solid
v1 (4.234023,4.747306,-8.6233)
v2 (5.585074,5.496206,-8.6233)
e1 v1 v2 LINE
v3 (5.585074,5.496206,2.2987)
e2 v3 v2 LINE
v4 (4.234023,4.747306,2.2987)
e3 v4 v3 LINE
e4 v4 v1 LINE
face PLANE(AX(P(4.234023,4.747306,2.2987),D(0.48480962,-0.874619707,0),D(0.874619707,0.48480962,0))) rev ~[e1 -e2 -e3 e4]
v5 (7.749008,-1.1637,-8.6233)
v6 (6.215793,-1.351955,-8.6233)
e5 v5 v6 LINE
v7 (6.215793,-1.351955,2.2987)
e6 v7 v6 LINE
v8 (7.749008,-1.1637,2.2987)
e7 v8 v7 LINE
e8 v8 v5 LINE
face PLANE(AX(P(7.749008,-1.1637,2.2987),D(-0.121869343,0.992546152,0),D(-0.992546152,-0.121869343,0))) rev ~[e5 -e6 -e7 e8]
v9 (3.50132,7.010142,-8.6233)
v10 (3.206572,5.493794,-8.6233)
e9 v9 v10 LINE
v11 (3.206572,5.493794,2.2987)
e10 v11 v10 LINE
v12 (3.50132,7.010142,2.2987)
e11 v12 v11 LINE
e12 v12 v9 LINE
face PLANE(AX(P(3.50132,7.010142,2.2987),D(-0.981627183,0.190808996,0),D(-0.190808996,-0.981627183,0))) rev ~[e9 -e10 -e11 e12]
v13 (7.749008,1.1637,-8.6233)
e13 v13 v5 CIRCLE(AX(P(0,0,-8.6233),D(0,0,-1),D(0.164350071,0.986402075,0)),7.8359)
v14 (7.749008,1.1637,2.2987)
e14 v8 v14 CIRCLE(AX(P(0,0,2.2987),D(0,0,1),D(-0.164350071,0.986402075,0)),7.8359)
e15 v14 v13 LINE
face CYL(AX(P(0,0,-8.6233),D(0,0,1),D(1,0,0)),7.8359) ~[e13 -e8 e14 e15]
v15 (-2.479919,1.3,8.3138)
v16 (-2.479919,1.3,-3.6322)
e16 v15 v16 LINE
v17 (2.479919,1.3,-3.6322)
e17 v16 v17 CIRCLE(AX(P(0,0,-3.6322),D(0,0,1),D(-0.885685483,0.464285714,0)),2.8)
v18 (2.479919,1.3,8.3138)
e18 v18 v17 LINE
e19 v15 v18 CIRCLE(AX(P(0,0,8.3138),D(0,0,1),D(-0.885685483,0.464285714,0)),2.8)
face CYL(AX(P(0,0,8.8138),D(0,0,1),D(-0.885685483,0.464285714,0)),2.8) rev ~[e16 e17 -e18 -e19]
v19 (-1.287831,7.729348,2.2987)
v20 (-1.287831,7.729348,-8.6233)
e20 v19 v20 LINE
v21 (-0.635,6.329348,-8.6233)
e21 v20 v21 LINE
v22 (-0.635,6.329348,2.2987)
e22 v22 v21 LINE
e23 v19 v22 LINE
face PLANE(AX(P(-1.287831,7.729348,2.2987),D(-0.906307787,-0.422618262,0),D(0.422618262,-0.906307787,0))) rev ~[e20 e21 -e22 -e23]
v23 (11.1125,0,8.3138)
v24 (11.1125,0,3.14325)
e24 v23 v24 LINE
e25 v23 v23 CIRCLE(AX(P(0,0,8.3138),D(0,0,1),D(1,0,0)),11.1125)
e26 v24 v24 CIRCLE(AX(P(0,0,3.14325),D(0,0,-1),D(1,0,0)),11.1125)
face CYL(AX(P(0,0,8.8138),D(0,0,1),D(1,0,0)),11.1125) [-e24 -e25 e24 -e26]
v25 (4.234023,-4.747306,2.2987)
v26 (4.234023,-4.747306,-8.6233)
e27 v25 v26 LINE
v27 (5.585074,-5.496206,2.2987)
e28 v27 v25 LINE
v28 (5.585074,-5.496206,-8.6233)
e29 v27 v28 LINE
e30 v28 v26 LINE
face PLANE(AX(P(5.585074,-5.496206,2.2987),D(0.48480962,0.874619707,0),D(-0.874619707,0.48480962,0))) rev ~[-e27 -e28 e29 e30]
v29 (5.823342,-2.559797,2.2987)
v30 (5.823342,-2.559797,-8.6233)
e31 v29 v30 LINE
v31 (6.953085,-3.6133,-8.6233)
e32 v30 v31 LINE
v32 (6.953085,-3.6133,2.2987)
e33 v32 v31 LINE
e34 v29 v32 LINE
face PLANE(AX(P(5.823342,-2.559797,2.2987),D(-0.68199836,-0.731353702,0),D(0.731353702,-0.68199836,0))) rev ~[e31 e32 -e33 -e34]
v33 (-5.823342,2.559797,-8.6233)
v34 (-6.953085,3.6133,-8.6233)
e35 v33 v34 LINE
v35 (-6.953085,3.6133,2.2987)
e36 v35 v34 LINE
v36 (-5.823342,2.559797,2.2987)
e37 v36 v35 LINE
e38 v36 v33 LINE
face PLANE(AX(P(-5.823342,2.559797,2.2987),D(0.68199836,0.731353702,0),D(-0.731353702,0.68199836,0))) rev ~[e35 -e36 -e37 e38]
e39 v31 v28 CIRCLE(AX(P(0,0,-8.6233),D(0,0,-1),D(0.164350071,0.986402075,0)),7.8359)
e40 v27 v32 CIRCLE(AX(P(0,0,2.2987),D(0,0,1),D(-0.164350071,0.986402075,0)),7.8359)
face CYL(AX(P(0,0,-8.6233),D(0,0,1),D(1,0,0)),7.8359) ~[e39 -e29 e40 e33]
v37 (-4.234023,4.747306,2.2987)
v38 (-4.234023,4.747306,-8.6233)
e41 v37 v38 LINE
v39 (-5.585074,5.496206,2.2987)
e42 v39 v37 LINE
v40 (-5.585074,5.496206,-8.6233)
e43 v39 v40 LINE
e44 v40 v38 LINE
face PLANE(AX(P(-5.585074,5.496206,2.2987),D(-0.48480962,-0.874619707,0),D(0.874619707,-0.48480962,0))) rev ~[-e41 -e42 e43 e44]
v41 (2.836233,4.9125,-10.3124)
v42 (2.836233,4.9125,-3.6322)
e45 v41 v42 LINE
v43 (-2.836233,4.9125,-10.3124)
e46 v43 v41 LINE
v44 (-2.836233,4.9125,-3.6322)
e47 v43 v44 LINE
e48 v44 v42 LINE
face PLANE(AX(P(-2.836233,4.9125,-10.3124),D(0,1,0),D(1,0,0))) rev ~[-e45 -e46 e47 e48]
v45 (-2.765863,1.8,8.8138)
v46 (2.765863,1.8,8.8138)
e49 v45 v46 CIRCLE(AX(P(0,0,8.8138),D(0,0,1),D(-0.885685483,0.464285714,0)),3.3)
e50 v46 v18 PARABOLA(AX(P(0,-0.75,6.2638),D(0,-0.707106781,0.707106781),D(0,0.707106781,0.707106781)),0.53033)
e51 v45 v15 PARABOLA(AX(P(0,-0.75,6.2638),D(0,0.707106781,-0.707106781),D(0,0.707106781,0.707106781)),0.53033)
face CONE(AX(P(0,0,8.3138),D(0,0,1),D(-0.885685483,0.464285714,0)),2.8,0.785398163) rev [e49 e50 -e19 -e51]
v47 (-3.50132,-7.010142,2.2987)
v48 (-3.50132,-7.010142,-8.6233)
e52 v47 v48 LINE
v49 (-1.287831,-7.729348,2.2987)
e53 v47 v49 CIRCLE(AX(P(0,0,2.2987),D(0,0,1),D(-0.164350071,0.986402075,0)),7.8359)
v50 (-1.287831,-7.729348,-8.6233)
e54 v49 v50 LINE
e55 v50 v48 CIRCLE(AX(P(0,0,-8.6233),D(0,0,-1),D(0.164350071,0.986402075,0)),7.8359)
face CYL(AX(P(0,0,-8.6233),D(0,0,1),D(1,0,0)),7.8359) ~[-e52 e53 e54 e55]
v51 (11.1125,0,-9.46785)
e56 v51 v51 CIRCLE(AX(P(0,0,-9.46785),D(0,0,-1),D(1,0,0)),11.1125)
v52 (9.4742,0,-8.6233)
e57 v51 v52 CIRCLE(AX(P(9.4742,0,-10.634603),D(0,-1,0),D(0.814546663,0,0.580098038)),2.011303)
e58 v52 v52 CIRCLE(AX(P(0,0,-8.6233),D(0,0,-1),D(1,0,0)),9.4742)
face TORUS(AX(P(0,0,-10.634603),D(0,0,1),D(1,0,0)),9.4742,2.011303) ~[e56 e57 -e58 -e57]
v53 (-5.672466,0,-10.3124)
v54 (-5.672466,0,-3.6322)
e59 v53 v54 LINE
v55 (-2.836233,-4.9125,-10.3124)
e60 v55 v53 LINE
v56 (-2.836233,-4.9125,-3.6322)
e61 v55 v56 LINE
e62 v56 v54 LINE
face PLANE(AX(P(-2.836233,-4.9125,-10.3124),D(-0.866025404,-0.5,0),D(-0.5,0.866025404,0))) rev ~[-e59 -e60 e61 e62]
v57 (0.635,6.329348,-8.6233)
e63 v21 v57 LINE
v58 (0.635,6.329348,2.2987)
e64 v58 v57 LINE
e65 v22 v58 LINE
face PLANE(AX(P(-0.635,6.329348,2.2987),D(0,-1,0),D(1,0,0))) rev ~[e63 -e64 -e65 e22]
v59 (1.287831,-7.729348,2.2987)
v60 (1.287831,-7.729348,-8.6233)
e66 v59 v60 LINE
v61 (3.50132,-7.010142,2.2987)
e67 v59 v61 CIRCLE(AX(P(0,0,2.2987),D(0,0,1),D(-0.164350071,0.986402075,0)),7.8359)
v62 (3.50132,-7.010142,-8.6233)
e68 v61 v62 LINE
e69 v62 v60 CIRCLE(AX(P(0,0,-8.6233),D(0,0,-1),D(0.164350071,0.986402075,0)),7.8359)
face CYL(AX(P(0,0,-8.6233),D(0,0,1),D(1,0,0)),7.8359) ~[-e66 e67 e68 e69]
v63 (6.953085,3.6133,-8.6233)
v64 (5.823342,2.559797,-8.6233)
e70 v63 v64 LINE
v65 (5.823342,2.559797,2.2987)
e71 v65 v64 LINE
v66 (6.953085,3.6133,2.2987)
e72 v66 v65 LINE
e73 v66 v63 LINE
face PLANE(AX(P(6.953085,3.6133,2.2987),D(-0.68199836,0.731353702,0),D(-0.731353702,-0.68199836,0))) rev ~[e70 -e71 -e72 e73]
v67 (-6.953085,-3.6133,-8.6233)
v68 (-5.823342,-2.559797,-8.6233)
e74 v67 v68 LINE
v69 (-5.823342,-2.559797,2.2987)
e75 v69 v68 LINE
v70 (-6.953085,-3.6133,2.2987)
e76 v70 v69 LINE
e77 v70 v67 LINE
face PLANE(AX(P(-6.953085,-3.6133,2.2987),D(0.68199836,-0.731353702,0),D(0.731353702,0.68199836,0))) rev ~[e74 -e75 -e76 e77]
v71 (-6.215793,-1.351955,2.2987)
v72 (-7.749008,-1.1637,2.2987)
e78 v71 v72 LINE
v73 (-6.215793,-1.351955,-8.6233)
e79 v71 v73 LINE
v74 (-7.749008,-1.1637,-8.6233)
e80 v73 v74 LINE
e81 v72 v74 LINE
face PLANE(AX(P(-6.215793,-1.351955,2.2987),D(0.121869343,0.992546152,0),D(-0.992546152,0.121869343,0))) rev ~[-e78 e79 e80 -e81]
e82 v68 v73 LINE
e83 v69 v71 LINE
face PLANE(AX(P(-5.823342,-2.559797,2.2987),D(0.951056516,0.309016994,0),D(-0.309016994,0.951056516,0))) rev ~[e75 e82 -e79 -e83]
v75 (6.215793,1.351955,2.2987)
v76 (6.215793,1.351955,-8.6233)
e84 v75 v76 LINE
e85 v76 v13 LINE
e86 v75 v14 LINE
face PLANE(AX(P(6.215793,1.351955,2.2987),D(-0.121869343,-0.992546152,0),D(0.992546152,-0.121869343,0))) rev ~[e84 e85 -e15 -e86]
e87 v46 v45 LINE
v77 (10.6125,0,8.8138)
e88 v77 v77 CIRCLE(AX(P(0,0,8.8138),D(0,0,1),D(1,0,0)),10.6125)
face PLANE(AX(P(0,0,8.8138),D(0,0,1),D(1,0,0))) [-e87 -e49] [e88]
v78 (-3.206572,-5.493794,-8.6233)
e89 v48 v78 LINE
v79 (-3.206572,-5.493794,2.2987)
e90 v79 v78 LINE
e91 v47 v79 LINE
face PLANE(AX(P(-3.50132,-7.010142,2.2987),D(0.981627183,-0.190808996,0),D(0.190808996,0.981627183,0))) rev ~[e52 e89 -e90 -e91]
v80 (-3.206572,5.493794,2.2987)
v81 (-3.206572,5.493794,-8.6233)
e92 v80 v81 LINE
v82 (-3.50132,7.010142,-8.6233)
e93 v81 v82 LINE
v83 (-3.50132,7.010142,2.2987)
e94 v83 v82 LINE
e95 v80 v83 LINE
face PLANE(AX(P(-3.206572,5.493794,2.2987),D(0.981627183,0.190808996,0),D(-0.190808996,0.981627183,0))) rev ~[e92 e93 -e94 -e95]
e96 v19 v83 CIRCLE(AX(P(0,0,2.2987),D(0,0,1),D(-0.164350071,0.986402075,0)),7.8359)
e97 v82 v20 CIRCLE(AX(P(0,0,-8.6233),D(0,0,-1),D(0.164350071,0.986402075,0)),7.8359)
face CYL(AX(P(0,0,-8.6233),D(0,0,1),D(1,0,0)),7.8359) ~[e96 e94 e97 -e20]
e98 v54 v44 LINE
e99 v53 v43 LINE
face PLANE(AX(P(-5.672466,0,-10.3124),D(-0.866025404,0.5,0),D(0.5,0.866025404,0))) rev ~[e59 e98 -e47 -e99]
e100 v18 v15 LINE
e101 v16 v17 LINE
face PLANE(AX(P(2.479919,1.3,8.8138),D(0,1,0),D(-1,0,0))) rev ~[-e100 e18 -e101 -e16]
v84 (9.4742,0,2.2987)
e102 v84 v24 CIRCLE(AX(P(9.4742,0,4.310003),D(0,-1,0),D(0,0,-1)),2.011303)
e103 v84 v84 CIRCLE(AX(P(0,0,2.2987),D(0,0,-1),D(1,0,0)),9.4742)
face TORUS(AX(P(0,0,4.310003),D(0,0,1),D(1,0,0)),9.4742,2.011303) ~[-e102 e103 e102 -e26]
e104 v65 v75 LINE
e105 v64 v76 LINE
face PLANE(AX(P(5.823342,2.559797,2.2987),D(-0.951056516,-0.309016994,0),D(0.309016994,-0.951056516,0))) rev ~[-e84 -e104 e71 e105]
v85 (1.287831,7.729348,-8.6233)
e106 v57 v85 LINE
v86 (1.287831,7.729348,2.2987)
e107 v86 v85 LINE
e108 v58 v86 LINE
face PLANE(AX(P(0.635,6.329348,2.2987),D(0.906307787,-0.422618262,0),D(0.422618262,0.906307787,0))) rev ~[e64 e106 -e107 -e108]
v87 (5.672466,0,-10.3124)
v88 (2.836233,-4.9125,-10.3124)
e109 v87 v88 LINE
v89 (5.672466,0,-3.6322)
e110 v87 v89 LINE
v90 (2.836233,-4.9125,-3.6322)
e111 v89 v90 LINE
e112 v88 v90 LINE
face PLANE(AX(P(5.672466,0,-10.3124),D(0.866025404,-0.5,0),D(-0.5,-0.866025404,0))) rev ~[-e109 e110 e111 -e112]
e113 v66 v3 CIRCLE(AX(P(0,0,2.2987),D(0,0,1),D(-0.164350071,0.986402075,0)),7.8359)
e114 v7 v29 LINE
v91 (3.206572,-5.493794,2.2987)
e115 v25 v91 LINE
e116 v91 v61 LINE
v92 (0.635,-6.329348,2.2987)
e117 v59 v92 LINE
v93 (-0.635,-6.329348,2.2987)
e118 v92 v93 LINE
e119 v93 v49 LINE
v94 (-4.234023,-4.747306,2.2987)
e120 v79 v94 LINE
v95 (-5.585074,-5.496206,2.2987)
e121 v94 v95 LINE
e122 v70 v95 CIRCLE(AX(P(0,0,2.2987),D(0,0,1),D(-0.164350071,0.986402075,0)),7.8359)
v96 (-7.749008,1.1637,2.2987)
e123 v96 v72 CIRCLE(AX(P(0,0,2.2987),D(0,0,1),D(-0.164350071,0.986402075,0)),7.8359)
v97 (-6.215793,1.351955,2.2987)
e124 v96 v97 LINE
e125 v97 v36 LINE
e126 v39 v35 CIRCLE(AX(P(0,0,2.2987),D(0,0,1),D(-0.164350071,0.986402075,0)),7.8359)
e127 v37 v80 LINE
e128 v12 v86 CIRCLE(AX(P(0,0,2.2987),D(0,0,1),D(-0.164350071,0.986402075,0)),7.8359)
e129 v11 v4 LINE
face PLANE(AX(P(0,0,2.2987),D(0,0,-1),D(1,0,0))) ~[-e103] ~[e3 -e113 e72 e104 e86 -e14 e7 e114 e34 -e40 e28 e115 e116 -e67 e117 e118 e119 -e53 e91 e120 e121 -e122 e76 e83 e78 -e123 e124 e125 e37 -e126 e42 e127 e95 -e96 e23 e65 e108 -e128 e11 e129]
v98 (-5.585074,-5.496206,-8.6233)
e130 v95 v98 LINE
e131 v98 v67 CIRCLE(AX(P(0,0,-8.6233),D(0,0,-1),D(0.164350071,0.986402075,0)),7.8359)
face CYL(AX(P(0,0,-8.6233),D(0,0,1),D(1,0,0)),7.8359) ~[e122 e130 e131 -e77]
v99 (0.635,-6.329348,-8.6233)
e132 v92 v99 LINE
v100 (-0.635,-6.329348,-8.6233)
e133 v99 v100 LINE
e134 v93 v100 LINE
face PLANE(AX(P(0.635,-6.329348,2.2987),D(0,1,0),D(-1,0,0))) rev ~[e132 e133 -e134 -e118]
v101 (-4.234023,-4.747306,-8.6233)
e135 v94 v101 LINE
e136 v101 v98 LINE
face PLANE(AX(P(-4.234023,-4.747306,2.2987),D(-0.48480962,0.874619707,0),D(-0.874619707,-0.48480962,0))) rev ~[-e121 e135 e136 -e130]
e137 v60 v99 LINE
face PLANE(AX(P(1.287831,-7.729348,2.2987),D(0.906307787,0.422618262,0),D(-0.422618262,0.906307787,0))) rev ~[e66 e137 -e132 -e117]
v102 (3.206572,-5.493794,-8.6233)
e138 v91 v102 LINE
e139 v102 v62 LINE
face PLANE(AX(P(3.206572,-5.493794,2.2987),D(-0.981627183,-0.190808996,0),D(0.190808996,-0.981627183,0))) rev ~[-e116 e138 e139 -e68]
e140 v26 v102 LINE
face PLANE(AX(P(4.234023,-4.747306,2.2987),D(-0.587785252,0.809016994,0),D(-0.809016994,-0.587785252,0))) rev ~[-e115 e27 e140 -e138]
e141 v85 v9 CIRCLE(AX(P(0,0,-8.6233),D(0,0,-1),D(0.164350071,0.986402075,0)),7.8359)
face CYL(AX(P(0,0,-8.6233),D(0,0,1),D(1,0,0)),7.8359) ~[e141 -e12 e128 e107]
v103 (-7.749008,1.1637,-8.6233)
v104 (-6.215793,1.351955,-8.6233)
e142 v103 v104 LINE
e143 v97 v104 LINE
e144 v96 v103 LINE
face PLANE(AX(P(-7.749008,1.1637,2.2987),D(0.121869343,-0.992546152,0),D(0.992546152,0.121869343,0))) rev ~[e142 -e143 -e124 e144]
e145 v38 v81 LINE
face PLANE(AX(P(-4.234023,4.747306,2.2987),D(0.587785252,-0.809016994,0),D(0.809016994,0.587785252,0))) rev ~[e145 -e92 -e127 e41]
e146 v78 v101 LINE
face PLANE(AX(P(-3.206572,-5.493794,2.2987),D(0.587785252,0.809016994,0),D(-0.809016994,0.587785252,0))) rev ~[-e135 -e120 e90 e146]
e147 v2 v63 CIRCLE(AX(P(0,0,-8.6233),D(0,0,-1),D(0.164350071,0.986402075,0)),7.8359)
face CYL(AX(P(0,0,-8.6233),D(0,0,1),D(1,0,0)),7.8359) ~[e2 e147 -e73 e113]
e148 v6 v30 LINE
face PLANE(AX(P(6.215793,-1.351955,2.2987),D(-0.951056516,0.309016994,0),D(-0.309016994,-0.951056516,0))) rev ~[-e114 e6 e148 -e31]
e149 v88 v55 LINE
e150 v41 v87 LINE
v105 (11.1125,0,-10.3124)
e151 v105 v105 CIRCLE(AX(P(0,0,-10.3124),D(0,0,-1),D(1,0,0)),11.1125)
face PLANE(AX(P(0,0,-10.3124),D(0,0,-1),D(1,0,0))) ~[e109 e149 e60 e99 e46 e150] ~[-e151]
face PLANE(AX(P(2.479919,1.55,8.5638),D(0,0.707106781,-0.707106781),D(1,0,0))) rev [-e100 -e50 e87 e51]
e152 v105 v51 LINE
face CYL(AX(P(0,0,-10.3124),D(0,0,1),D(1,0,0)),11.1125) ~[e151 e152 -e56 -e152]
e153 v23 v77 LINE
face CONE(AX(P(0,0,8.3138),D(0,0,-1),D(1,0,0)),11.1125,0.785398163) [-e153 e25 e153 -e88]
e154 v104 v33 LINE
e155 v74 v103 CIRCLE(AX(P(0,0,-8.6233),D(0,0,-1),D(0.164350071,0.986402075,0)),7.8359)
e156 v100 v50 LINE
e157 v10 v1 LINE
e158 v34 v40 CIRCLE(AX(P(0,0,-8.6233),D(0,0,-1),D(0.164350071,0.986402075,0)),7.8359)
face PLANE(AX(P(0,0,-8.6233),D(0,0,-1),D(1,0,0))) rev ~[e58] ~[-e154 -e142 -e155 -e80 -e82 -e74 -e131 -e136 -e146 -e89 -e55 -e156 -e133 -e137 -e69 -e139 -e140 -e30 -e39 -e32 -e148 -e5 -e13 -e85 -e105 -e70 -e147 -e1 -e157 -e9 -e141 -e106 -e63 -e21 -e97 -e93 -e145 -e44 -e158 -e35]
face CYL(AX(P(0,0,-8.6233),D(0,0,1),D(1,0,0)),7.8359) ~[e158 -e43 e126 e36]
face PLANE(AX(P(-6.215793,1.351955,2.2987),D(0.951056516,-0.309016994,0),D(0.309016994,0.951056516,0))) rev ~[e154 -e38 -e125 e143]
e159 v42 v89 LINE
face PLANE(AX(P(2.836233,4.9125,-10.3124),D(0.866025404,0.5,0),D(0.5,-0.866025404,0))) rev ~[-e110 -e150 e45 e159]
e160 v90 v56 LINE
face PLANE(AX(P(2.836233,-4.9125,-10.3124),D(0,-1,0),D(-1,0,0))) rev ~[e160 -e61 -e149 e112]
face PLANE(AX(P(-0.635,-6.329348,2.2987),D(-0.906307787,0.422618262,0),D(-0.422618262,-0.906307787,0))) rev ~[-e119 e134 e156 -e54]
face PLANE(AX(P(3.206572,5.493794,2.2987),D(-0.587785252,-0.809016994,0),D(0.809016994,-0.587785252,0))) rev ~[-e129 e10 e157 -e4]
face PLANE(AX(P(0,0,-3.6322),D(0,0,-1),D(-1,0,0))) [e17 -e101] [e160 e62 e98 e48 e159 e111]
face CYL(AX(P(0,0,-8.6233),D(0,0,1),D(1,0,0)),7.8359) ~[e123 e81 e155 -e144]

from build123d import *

# Parameters (mm, degrees)
CUT_EXTRUDE1_START  = 2.2987
CUT_EXTRUDE1_DEPTH  = 10.922
CIRPATTERN1_COUNT   = 10
BOSS_EXTRUDE1_START = -7.62
BOSS_EXTRUDE1_DEPTH = 7.62
CUT_EXTRUDE2_DEPTH  = 6.6802
BOSS_EXTRUDE2_START = 4.826
SKETCH8_R           = 11.1125
BOSS_EXTRUDE2_DEPTH = 4.826
CUT_EXTRUDE3_DEPTH  = 24.384
CHAMFER2_SIZE       = 0.5


with BuildPart() as part:
    # Sketch2 → Revolve1 (revolve)
    with BuildSketch(Plane(origin=(0, 0, 0), x_dir=(0, 0, -1), z_dir=(1, 0, 0)), mode=Mode.PRIVATE) as revolve1_sk:
        with BuildLine():
            Line((-3.9878, 2.5), (10.3124, 2.5))
            Line((10.3124, 2.5), (10.3124, 11.1125))
            Line((10.3124, 11.1125), (9.46785, 11.1125))
            ThreePointArc((9.46785, 11.1125), (8.846862309, 10.395787163), (8.6233, 9.4742))
            Line((8.6233, 9.4742), (8.6233, 7.8359))
            Line((8.6233, 7.8359), (-2.2987, 7.8359))
            Line((-2.2987, 7.8359), (-2.2987, 9.4742))
            ThreePointArc((-2.2987, 9.4742), (-2.522262309, 10.395787163), (-3.14325, 11.1125))
            Line((-3.14325, 11.1125), (-3.9878, 11.1125))
            Line((-3.9878, 11.1125), (-3.9878, 2.5))
        make_face()
    revolve(revolve1_sk.sketch.rotate(Axis((0, 0, 10.3124), (0, 0, -1)), 90), axis=Axis((0, 0, 10.3124), (0, 0, -1)))

    # Sketch3 → Cut-Extrude1 (cut)
    with BuildSketch(Plane.XY.offset(CUT_EXTRUDE1_START)):
        with BuildLine():
            Line((-0.635, 6.329348022), (0.635, 6.329348022))
            Line((0.635, 6.329348022), (1.287830721, 7.729348022))
            ThreePointArc((1.287830721, 7.729348022), (0, 7.8359), (-1.287830721, 7.729348022))
            Line((-1.287830721, 7.729348022), (-0.635, 6.329348022))
        make_face()
    cut_extrude1 = extrude(amount=-CUT_EXTRUDE1_DEPTH, mode=Mode.SUBTRACT)

    # CirPattern1: Cut-Extrude1 ×10 about axis
    cirpattern1_axis = Axis((0, 0, 0), (0, 0, 1))
    for i in range(1, CIRPATTERN1_COUNT):
        add(cut_extrude1.rotate(cirpattern1_axis, i * 360 / CIRPATTERN1_COUNT), mode=Mode.SUBTRACT)

    # Sketch5 → Boss-Extrude1 (add)
    with BuildSketch(Plane.XY.offset(3.9878).offset(BOSS_EXTRUDE1_START)):
        with BuildLine():
            Line((-2.291287847, 1), (2.291287847, 1))
            ThreePointArc((2.291287847, 1), (0, 2.5), (-2.291287847, 1))
        make_face()
    extrude(amount=BOSS_EXTRUDE1_DEPTH)

    # Sketch6 → Cut-Extrude2 (cut)
    with BuildSketch(Plane(origin=(0, 0, -10.3124), x_dir=(-1, 0, 0), z_dir=(0, 0, -1))):
        Polygon((5.672466395, 0), (2.836233197, 4.9125), (-2.836233197, 4.9125), (-5.672466395, 0), (-2.836233197, -4.9125), (2.836233197, -4.9125), align=None)
    extrude(amount=-CUT_EXTRUDE2_DEPTH, mode=Mode.SUBTRACT)

    # Sketch8 → Boss-Extrude2 (add)
    with BuildSketch(Plane.XY.offset(3.9878).offset(BOSS_EXTRUDE2_START)):
        Circle(SKETCH8_R)
        with BuildLine():
            Line((2.291287847, 1), (-2.291287847, 1))
            ThreePointArc((-2.291287847, 1), (0, -2.5), (2.291287847, 1))
        make_face(mode=Mode.SUBTRACT)
    extrude(amount=-BOSS_EXTRUDE2_DEPTH)

    # Sketch12 → Cut-Extrude3 (cut)
    with BuildSketch(Plane.XY.offset(8.8138)):
        with BuildLine():
            Line((2.479919354, 1.3), (-2.479919354, 1.3))
            ThreePointArc((-2.479919354, 1.3), (0, -2.8), (2.479919354, 1.3))
        make_face()
    extrude(amount=-CUT_EXTRUDE3_DEPTH, mode=Mode.SUBTRACT)

    # Chamfer2
    chamfer2_edges = [part.edges().sort_by_distance(p)[0] for p in [
        (-11.1125, 0, 8.8138),
        (0, -2.8, 8.8138),
        (0, 1.3, 8.8138),
    ]]
    chamfer(chamfer2_edges, length=CHAMFER2_SIZE)


solid = part.part
